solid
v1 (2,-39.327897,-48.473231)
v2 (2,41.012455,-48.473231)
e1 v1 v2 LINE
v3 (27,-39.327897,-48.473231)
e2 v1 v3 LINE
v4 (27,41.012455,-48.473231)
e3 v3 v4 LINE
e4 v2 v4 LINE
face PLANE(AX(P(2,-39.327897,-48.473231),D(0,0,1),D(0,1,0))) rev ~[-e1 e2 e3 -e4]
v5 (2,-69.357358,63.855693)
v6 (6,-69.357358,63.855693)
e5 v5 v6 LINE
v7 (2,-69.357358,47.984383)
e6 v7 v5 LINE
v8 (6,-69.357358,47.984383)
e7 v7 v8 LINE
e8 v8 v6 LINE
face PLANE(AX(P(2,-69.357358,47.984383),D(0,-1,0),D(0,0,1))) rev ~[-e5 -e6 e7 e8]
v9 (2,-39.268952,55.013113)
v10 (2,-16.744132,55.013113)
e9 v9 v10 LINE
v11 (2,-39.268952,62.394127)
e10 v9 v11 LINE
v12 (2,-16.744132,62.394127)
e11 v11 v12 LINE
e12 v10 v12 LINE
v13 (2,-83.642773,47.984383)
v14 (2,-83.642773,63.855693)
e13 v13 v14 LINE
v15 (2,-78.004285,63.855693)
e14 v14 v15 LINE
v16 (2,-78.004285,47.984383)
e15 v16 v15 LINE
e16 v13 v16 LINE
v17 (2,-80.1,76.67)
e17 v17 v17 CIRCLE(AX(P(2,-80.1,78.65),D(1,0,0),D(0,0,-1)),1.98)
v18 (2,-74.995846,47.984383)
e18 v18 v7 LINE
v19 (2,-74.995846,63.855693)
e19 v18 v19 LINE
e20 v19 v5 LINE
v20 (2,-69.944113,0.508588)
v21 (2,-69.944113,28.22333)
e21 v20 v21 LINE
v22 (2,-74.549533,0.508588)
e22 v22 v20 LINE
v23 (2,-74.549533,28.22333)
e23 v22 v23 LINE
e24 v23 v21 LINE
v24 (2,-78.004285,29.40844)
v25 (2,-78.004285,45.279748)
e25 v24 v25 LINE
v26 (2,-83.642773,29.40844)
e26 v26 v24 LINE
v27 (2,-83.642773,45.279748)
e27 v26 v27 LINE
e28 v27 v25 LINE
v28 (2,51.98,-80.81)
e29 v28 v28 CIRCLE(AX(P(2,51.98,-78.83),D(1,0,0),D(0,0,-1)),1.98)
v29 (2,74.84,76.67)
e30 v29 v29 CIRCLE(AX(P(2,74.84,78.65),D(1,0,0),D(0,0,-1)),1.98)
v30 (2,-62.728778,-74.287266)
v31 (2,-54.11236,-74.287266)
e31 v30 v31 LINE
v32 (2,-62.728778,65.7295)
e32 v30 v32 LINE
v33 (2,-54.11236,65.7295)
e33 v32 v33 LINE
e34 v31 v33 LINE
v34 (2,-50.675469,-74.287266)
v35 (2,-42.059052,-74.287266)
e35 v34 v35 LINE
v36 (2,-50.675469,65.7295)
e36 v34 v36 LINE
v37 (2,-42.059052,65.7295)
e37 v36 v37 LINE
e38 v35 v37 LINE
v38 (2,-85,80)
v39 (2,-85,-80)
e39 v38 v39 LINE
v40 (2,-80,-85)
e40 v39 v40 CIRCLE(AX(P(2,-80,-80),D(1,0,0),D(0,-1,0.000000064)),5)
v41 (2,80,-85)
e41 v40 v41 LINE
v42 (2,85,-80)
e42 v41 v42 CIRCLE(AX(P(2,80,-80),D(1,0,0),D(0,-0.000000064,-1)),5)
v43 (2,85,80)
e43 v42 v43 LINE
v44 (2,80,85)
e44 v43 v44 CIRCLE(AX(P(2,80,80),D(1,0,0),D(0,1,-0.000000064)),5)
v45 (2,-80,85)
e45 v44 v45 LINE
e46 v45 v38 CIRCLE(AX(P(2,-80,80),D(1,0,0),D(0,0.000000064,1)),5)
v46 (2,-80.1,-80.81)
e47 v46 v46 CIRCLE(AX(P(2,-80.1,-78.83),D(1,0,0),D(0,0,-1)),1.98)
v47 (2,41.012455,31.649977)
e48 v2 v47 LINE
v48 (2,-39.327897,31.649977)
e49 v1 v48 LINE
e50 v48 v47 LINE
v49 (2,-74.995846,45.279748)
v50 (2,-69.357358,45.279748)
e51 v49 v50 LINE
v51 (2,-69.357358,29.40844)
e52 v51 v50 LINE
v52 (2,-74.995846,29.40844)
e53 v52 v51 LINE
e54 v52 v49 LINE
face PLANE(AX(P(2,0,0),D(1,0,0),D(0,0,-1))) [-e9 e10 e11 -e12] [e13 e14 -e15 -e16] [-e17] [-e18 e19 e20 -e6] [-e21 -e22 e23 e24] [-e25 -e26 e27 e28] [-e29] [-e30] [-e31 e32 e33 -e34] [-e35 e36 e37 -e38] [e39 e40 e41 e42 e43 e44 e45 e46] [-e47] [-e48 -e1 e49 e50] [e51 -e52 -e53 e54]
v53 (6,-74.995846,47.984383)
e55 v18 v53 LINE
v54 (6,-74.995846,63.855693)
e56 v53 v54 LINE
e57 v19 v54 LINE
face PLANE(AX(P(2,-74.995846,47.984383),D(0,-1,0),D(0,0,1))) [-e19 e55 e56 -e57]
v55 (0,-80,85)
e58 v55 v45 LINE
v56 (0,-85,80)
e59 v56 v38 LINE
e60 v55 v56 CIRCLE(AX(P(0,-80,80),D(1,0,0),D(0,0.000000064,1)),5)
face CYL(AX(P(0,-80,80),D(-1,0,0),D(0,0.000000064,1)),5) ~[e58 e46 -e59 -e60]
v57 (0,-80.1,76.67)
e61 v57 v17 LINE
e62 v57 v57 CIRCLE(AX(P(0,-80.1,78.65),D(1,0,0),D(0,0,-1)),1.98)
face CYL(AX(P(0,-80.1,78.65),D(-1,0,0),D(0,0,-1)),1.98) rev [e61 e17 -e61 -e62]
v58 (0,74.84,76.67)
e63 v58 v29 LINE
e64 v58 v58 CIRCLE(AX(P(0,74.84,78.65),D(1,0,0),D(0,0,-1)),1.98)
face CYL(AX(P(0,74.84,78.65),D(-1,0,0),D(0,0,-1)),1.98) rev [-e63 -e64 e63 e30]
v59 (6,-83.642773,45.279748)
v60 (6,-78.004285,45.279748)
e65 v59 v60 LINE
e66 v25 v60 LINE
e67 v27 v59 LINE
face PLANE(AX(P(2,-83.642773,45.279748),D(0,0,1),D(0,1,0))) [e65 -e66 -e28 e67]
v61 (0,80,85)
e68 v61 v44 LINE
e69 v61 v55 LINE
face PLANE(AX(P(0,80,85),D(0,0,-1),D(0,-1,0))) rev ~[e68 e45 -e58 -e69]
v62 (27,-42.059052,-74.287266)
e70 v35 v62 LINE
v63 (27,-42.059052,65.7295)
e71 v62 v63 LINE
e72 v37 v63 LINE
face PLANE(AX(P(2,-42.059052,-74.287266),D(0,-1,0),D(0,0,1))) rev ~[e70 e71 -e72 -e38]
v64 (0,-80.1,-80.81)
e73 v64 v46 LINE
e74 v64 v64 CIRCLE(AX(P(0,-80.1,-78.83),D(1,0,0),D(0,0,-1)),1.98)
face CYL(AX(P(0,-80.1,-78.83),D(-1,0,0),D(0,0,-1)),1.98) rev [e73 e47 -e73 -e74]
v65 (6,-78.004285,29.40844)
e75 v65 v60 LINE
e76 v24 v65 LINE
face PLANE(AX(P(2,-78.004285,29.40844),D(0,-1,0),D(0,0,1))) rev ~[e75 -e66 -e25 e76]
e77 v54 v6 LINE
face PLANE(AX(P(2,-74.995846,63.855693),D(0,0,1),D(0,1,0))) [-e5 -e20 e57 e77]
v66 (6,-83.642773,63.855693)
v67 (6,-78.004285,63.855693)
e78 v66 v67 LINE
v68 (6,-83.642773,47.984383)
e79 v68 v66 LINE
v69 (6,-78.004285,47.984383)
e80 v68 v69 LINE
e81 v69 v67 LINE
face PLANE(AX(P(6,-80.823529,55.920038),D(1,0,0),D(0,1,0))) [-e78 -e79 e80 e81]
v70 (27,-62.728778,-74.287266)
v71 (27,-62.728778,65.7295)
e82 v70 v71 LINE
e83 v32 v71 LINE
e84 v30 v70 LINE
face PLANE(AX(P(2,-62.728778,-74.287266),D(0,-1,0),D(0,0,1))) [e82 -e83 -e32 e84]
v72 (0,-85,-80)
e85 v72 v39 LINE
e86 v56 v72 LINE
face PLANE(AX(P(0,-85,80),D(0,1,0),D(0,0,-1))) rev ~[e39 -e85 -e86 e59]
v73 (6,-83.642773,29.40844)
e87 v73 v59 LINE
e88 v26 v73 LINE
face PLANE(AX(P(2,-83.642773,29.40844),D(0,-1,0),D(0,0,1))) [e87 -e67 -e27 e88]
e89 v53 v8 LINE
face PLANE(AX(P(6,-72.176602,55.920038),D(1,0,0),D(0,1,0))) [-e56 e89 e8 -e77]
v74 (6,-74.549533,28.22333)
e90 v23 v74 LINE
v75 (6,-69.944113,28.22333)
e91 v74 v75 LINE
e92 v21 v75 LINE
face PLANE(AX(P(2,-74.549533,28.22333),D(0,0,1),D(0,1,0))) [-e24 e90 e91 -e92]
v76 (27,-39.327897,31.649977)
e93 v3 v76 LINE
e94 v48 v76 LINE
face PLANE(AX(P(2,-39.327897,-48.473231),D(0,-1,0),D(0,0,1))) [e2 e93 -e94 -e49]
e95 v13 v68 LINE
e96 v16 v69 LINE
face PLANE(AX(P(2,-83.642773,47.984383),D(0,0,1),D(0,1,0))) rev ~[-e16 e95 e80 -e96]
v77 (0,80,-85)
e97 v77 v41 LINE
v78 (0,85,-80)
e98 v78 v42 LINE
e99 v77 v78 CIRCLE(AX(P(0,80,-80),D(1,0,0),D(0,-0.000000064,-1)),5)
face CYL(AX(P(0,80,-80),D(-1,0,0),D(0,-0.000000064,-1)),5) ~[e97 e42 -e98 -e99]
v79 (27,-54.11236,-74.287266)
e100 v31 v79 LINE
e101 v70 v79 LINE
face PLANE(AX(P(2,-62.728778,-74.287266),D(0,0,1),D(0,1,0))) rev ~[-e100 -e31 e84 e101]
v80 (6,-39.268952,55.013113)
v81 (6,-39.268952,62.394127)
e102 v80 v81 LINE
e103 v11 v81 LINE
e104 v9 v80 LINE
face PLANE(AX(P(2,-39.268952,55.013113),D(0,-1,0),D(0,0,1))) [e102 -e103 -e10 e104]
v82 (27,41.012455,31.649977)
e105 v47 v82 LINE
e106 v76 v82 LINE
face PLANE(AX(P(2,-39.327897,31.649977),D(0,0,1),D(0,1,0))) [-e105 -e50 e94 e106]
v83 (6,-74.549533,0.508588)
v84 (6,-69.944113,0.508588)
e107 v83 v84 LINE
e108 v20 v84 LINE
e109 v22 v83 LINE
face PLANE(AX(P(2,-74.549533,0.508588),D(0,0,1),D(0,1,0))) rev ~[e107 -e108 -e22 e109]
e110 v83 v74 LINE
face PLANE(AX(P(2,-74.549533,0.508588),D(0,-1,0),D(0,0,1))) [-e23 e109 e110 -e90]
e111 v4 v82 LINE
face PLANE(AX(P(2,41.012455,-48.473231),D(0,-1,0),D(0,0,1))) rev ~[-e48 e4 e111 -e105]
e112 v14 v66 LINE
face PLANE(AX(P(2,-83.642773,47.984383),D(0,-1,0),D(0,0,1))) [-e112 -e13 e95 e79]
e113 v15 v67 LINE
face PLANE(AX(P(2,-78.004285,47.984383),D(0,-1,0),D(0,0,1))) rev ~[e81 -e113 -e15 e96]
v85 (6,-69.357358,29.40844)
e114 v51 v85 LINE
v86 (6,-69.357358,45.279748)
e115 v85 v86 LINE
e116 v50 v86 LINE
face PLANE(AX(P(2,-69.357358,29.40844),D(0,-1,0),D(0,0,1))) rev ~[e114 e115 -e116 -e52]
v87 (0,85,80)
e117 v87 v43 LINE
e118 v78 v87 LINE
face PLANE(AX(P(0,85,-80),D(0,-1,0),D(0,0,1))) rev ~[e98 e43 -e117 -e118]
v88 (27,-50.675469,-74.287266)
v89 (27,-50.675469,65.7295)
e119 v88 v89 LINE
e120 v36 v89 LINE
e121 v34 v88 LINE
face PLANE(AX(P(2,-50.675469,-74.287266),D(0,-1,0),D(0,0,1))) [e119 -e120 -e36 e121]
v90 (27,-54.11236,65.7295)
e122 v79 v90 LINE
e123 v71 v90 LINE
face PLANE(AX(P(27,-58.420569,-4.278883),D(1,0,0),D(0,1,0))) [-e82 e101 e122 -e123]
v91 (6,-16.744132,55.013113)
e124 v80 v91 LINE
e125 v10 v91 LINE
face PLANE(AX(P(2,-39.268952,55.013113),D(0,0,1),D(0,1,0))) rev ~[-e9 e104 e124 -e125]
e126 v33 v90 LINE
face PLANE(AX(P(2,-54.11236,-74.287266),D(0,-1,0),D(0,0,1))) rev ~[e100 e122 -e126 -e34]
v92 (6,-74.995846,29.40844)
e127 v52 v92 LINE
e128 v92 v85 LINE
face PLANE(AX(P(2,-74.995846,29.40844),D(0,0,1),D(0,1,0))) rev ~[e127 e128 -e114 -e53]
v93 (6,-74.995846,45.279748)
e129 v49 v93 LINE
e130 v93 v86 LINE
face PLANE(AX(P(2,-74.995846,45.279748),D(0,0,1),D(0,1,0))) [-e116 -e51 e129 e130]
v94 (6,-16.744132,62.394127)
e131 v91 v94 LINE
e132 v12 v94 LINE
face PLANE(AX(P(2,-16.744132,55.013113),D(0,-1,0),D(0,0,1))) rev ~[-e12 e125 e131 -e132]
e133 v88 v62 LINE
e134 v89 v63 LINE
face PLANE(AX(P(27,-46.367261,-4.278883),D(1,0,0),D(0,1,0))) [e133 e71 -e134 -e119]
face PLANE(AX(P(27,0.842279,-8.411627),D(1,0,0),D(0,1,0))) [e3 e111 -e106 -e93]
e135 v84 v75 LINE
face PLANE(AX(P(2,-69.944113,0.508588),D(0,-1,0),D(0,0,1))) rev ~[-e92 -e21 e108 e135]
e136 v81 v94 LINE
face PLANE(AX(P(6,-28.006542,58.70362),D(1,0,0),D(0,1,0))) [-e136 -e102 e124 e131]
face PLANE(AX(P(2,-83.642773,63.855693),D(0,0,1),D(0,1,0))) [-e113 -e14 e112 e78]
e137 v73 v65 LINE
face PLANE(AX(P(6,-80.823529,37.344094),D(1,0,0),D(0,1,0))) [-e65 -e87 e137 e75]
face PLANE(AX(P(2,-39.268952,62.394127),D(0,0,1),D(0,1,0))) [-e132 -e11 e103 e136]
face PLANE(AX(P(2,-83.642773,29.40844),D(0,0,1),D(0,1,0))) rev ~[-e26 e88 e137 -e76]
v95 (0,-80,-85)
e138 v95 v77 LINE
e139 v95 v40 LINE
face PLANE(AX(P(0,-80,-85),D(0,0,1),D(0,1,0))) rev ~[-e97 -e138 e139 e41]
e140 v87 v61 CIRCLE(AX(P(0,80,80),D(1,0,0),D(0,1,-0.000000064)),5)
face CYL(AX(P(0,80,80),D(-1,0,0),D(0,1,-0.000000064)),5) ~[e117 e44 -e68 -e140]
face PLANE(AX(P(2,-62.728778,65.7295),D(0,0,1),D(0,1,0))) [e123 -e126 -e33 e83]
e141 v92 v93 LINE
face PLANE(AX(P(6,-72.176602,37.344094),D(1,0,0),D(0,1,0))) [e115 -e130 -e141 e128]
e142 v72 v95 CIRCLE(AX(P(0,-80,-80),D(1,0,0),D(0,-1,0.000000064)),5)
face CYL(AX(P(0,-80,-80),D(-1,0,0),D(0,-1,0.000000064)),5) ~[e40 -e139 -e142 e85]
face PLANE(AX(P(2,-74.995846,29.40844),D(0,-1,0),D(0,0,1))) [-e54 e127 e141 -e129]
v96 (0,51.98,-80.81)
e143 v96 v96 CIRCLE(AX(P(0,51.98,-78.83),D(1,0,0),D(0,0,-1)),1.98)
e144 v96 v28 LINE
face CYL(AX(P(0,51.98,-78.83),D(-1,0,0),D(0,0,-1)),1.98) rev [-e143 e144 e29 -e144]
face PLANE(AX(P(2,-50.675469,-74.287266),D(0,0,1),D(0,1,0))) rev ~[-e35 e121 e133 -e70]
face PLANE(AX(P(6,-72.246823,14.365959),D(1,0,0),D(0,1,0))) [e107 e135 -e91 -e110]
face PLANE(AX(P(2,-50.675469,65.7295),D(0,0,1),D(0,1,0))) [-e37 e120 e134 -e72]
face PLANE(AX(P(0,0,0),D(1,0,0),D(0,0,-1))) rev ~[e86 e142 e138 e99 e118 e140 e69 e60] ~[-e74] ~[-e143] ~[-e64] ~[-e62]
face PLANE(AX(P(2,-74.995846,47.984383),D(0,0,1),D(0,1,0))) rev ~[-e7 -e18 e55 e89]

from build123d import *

# Parameters (mm, degrees)
F0_R     = 1.98
F1_DEPTH = 2
F3_ANGLE = -90
F4_W     = 5.638488
F4_H     = 15.871309
F4_W_2   = 5.638487
F5_DEPTH = 4
F4_W_3   = 4.60542
F4_H_2   = 27.714742
F6_DEPTH = 4
F4_W_4   = 22.524819
F4_H_3   = 7.381014
F7_DEPTH = 4
F4_W_5   = 80.340352
F4_H_4   = 80.123208
F8_DEPTH = 25
F4_W_6   = 8.616418
F4_H_5   = 140.016765
F4_W_7   = 8.616417
F9_DEPTH = 25


with BuildPart() as f1:
    # F0 (on Right) → F1 (new body)
    with BuildSketch(Plane.YZ):
        with BuildLine():
            Line((-80, -85), (80, -85))
            ThreePointArc((80, -85), (83.535534, -83.535534), (85, -80))
            Line((85, -80), (85, 80))
            ThreePointArc((85, 80), (83.535534, 83.535534), (80, 85))
            Line((80, 85), (-80, 85))
            ThreePointArc((-80, 85), (-83.535534, 83.535534), (-85, 80))
            Line((-85, 80), (-85, -80))
            ThreePointArc((-85, -80), (-83.535534, -83.535534), (-80, -85))
        make_face()
        with Locations((-78.65, -80.1)):
            Circle(F0_R, mode=Mode.SUBTRACT)
        with Locations((78.83, -80.1)):
            Circle(F0_R, mode=Mode.SUBTRACT)
        with Locations((-78.65, 74.84)):
            Circle(F0_R, mode=Mode.SUBTRACT)
        with Locations((78.83, 51.98)):
            Circle(F0_R, mode=Mode.SUBTRACT)
    extrude(amount=F1_DEPTH)


with BuildPart() as f1_1:
    # F3: moved
    add(f1.part.rotate(Axis((1.078181, 0, 0), (1, 0, 0)), F3_ANGLE))

    # F4 (on face) → F5 (join)
    with BuildSketch(Plane.YZ.offset(2)):
        with Locations((-72.176602, 55.920038)):
            Rectangle(F4_W, F4_H)
        with Locations((-80.823529, 55.920038)):
            Rectangle(F4_W_2, F4_H)
        with Locations((-80.823529, 37.344094)):
            Rectangle(F4_W_2, F4_H)
        with Locations((-72.176602, 37.344094)):
            Rectangle(F4_W, F4_H)
    extrude(amount=F5_DEPTH)

    # F4 (on face) → F6 (join)
    with BuildSketch(Plane.YZ.offset(2)):
        with Locations((-72.246823, 14.365959)):
            Rectangle(F4_W_3, F4_H_2)
    extrude(amount=F6_DEPTH)

    # F4 (on face) → F7 (join)
    with BuildSketch(Plane.YZ.offset(2)):
        with Locations((-28.006542, 58.70362)):
            Rectangle(F4_W_4, F4_H_3)
    extrude(amount=F7_DEPTH)

    # F4 (on face) → F8 (join)
    with BuildSketch(Plane.YZ.offset(2)):
        with Locations((0.842279, -8.411627)):
            Rectangle(F4_W_5, F4_H_4)
    extrude(amount=F8_DEPTH)

    # F4 (on face) → F9 (join)
    with BuildSketch(Plane.YZ.offset(2)):
        with Locations((-58.420569, -4.278883)):
            Rectangle(F4_W_6, F4_H_5)
        with Locations((-46.367261, -4.278883)):
            Rectangle(F4_W_7, F4_H_5)
    extrude(amount=F9_DEPTH)


solid = f1_1.part
